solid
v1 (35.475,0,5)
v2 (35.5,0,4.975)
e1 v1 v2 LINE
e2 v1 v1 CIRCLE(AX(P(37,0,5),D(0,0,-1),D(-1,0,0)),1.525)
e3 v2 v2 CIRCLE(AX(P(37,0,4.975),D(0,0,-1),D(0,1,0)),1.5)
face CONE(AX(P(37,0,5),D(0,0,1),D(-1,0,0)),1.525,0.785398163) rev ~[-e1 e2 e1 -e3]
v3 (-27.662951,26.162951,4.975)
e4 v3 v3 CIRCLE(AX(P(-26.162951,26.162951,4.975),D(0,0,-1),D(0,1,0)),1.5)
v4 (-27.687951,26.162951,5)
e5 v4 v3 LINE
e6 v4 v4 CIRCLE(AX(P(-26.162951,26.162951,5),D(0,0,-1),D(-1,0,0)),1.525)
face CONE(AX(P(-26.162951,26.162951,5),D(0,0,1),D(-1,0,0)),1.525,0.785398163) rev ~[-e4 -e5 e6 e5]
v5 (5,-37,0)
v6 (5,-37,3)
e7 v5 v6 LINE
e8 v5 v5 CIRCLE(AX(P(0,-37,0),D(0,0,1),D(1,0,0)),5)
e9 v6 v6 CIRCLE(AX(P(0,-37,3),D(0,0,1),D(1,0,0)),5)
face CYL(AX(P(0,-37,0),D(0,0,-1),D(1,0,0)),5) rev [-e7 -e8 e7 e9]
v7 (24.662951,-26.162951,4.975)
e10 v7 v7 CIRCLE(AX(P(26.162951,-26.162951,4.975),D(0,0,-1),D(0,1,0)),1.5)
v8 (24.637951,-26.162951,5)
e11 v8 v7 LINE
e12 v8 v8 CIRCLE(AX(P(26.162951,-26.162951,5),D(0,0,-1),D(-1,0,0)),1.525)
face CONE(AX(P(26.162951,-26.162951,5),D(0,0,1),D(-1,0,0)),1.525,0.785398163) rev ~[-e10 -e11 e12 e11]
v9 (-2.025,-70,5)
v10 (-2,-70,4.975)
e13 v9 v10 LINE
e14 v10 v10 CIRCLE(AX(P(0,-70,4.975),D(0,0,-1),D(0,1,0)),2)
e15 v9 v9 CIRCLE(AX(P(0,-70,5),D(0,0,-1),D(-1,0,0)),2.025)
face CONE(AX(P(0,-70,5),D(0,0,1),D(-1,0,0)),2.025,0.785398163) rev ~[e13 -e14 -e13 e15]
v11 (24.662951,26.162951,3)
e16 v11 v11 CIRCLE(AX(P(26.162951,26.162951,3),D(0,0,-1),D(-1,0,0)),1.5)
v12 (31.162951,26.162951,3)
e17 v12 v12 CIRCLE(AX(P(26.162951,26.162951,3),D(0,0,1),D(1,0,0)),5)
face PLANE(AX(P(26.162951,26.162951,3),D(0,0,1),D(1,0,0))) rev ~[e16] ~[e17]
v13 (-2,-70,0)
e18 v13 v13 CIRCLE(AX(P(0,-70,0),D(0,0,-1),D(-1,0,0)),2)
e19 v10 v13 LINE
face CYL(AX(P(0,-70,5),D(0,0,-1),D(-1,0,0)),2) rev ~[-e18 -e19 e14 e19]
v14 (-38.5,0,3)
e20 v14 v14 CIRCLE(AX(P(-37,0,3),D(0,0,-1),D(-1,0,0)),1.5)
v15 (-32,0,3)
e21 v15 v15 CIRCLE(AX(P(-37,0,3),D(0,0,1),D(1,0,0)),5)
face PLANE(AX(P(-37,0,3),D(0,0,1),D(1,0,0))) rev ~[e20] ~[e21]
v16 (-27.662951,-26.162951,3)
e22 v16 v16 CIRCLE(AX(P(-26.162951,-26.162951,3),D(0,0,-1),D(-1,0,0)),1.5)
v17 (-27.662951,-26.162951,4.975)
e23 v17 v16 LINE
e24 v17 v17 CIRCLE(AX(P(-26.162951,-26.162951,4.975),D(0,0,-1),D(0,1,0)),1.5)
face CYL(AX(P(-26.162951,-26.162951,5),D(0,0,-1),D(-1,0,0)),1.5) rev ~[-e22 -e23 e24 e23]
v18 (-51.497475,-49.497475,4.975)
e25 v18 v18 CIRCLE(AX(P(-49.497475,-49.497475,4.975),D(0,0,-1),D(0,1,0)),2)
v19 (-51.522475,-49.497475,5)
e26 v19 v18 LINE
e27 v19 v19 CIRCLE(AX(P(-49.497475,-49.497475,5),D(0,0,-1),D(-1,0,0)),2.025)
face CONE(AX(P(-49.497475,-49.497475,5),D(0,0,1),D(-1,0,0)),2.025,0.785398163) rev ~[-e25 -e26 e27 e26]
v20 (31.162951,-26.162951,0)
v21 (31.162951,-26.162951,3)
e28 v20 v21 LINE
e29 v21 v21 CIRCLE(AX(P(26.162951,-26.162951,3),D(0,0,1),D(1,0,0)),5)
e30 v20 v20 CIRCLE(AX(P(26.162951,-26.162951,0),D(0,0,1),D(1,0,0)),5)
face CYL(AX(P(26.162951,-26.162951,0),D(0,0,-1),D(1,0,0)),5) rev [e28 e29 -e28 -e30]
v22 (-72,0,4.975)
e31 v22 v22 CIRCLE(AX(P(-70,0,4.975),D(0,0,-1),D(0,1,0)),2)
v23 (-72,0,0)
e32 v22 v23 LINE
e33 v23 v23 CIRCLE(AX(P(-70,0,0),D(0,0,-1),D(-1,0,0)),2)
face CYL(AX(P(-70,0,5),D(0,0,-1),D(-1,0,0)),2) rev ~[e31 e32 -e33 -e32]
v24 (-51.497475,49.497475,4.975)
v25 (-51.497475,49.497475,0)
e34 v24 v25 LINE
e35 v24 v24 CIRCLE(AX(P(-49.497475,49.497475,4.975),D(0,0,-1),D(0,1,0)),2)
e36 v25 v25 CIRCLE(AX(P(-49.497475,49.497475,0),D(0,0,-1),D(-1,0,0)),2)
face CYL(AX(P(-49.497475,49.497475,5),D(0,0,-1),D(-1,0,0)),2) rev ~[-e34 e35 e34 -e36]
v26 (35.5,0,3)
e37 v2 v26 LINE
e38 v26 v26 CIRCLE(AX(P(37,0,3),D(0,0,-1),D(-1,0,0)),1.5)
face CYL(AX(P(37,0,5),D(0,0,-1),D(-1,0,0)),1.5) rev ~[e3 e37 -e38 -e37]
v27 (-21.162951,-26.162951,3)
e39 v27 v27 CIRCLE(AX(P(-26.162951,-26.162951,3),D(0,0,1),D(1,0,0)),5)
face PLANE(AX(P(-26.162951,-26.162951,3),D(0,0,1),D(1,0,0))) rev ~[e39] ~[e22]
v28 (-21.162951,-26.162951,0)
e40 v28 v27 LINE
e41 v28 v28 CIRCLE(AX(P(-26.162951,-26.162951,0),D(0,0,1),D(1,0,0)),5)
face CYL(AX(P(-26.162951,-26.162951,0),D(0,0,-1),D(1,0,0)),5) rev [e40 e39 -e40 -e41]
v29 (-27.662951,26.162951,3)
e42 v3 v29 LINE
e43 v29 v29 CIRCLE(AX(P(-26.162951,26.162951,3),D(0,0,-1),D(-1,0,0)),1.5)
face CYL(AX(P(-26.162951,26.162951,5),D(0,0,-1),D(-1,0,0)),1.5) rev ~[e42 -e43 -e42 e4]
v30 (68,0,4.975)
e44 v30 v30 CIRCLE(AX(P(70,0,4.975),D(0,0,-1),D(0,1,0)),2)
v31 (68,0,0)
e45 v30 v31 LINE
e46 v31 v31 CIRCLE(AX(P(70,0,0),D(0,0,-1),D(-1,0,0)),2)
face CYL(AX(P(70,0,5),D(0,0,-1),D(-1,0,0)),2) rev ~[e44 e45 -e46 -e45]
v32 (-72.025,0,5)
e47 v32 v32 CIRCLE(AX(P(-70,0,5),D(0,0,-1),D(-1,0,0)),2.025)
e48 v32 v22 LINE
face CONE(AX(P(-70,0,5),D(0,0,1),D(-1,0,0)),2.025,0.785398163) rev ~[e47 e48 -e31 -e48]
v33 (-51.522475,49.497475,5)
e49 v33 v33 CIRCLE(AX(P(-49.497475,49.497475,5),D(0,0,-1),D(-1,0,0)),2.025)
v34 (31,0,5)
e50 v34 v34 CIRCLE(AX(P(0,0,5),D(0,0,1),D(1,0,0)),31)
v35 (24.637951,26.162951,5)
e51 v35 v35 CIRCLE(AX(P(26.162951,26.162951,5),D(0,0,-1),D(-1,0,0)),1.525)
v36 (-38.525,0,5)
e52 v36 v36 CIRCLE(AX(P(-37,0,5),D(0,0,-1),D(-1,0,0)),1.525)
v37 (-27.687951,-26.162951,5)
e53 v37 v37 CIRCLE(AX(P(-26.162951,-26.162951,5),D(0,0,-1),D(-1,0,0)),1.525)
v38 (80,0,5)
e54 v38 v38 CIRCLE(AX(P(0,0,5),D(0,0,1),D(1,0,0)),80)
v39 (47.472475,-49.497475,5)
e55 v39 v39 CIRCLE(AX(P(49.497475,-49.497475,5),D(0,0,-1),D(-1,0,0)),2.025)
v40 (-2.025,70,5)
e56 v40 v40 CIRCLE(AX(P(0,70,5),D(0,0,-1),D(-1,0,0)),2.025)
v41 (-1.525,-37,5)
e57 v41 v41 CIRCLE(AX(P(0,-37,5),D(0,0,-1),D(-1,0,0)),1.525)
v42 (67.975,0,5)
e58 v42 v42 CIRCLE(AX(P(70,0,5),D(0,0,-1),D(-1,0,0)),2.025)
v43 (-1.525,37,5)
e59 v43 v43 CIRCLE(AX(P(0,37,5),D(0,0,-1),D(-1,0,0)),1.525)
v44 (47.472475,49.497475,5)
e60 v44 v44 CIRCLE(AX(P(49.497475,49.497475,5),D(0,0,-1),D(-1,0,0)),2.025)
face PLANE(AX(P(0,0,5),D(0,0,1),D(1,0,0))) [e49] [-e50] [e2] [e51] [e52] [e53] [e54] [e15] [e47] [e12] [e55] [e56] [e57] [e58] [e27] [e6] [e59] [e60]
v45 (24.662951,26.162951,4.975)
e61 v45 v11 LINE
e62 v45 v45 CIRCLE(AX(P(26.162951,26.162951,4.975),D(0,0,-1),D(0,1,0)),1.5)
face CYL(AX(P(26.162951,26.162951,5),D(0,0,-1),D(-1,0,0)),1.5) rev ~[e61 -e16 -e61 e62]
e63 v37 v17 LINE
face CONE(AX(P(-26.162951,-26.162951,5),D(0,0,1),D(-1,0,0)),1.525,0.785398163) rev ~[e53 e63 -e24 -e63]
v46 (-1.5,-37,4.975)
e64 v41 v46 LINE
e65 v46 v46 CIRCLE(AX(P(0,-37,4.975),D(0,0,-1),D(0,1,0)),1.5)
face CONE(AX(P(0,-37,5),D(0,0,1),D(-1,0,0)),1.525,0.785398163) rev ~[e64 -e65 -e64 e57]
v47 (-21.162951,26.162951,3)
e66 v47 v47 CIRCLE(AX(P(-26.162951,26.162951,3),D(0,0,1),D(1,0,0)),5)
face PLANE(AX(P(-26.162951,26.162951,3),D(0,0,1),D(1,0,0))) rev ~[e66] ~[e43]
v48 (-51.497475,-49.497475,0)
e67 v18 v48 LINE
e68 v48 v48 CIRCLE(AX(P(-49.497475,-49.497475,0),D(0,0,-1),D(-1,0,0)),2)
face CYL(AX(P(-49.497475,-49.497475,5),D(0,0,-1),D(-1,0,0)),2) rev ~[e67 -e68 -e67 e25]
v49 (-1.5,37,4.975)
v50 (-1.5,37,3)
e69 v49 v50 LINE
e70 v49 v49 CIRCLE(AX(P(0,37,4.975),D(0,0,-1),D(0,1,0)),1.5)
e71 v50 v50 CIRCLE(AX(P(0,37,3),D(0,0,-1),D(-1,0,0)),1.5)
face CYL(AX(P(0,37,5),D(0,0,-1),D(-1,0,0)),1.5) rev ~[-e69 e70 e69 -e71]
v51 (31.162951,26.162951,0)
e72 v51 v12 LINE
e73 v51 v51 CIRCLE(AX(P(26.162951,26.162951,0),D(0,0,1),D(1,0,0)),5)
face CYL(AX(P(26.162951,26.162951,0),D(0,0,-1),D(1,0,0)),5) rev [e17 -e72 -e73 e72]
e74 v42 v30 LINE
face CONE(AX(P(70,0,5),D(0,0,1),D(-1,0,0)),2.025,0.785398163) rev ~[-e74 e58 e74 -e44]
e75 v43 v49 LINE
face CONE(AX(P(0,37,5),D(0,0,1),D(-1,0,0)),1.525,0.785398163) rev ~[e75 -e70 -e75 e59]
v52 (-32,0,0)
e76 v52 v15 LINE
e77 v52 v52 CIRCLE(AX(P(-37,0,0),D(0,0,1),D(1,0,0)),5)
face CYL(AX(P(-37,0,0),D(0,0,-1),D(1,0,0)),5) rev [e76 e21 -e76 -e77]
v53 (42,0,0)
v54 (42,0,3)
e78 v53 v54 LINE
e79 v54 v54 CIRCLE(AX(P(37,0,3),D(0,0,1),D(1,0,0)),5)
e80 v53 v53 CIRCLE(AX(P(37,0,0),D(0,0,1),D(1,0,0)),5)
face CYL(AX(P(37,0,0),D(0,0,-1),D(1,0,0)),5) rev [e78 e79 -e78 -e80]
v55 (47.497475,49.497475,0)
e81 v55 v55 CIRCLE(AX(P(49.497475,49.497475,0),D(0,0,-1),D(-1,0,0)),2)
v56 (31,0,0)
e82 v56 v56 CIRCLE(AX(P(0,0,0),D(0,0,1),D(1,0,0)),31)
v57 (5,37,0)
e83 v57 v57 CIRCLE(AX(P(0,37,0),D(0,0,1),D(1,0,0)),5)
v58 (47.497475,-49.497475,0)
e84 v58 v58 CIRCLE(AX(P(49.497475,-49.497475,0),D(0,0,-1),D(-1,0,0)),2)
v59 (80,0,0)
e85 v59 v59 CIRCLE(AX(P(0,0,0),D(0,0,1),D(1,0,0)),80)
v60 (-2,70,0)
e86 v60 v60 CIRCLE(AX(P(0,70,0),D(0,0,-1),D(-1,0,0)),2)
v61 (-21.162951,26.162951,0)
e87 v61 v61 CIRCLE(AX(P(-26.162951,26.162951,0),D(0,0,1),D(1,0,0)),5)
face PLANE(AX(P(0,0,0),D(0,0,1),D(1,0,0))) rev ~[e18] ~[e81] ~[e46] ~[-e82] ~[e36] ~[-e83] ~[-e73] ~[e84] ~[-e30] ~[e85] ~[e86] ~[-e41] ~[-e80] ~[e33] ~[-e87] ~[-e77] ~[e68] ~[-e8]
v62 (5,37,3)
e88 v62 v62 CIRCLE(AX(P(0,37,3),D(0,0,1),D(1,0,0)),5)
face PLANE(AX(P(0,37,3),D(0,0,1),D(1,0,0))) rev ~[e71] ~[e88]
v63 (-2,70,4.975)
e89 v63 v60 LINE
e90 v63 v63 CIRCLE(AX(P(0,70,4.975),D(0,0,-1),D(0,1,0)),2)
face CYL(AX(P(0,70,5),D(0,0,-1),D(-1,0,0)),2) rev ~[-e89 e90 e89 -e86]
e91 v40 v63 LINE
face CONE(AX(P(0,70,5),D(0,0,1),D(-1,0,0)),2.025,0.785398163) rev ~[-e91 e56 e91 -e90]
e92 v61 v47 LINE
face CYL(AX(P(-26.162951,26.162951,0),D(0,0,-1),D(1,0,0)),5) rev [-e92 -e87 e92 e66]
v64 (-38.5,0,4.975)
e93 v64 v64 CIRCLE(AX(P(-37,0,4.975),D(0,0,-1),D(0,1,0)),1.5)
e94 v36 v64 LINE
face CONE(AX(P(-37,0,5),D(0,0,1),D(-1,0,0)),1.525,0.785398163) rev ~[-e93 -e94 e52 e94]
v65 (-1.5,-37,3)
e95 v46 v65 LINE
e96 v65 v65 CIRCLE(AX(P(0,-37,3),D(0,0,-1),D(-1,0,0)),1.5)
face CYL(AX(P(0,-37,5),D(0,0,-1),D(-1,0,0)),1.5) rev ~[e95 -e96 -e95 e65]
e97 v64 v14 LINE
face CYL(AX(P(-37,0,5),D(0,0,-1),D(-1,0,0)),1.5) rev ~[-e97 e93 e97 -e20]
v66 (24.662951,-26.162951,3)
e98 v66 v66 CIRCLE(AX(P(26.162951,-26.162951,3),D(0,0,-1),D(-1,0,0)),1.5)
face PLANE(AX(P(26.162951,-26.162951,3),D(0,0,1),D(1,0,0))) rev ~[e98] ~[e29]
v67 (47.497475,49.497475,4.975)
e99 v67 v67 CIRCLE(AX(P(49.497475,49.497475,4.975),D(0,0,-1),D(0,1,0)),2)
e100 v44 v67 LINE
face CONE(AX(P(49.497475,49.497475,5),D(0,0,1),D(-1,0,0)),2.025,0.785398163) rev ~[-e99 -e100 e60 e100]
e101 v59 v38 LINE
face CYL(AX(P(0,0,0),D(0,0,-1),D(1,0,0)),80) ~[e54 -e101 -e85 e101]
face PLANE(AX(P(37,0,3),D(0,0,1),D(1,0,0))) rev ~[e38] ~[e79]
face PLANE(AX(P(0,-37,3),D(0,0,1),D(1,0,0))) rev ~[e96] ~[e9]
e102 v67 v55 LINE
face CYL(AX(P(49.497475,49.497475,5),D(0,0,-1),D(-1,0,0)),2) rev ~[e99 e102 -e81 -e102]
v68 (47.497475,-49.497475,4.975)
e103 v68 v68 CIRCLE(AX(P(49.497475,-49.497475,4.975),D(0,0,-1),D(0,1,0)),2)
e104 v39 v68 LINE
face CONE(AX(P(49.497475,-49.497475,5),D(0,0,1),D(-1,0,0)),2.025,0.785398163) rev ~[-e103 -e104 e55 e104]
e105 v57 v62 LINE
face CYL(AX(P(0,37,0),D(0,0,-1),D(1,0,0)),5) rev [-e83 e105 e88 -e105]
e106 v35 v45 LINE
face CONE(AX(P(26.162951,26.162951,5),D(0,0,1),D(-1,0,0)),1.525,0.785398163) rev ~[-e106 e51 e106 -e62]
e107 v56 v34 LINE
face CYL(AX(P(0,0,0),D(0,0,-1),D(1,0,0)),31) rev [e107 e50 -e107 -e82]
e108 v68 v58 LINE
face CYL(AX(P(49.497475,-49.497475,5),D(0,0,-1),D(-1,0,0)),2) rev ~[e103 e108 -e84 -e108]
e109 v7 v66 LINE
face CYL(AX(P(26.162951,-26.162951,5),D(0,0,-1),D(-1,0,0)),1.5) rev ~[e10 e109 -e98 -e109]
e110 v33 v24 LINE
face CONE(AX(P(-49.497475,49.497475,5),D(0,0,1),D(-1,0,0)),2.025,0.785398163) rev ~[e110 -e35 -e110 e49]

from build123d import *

# Parameters (mm, degrees)
SKETCH2_R                       = 80
SKETCH2_R_2                     = 31
BOSS_EXTRUDE1_DEPTH             = 5
F_4_0MM_DOWEL_HOLE1_D           = 4
F_4_0MM_DOWEL_HOLE1_CSINK_D     = 4.05
F_4_0MM_DOWEL_HOLE1_CSINK_ANGLE = 90
F_3_0MM_DOWEL_HOLE1_D           = 3
F_3_0MM_DOWEL_HOLE1_CSINK_D     = 3.05
F_3_0MM_DOWEL_HOLE1_CSINK_ANGLE = 90
SKETCH13_R                      = 5
CUT_EXTRUDE1_DEPTH              = 3


with BuildPart() as part:
    # Sketch2 → Boss-Extrude1 (new body)
    with BuildSketch(Plane.XY):
        Circle(SKETCH2_R)
        Circle(SKETCH2_R_2, mode=Mode.SUBTRACT)
    extrude(amount=BOSS_EXTRUDE1_DEPTH)

    # Ø4.0mm Dowel Hole1 (through all)
    with Locations(Plane.XY.offset(5)):
        with Locations((0, 70), (-49.497474683, 49.497474683), (-70, 0), (-49.497474683, -49.497474683), (0, -70), (49.497474683, -49.497474683), (70, 0), (49.497474683, 49.497474683)):
            CounterSinkHole(F_4_0MM_DOWEL_HOLE1_D / 2, F_4_0MM_DOWEL_HOLE1_CSINK_D / 2, counter_sink_angle=F_4_0MM_DOWEL_HOLE1_CSINK_ANGLE)

    # Ø3.0mm Dowel Hole1 (through all)
    with Locations(Plane.XY.offset(5)):
        with Locations((0, 37), (-26.162950904, 26.162950904), (-37, 0), (-26.162950904, -26.162950904), (0, -37), (26.162950904, -26.162950904), (37, 0), (26.162950904, 26.162950904)):
            CounterSinkHole(F_3_0MM_DOWEL_HOLE1_D / 2, F_3_0MM_DOWEL_HOLE1_CSINK_D / 2, counter_sink_angle=F_3_0MM_DOWEL_HOLE1_CSINK_ANGLE)

    # Sketch13 → Cut-Extrude1 (cut)
    with BuildSketch(Plane.XY):
        with Locations((0, 37)):
            Circle(SKETCH13_R)
        with Locations((26.162950904, 26.162950904)):
            Circle(SKETCH13_R)
        with Locations((37, 0)):
            Circle(SKETCH13_R)
        with Locations((26.162950904, -26.162950904)):
            Circle(SKETCH13_R)
        with Locations((0, -37)):
            Circle(SKETCH13_R)
        with Locations((-26.162950904, -26.162950904)):
            Circle(SKETCH13_R)
        with Locations((-37, 0)):
            Circle(SKETCH13_R)
        with Locations((-26.162950904, 26.162950904)):
            Circle(SKETCH13_R)
    extrude(amount=CUT_EXTRUDE1_DEPTH, mode=Mode.SUBTRACT)


solid = part.part
